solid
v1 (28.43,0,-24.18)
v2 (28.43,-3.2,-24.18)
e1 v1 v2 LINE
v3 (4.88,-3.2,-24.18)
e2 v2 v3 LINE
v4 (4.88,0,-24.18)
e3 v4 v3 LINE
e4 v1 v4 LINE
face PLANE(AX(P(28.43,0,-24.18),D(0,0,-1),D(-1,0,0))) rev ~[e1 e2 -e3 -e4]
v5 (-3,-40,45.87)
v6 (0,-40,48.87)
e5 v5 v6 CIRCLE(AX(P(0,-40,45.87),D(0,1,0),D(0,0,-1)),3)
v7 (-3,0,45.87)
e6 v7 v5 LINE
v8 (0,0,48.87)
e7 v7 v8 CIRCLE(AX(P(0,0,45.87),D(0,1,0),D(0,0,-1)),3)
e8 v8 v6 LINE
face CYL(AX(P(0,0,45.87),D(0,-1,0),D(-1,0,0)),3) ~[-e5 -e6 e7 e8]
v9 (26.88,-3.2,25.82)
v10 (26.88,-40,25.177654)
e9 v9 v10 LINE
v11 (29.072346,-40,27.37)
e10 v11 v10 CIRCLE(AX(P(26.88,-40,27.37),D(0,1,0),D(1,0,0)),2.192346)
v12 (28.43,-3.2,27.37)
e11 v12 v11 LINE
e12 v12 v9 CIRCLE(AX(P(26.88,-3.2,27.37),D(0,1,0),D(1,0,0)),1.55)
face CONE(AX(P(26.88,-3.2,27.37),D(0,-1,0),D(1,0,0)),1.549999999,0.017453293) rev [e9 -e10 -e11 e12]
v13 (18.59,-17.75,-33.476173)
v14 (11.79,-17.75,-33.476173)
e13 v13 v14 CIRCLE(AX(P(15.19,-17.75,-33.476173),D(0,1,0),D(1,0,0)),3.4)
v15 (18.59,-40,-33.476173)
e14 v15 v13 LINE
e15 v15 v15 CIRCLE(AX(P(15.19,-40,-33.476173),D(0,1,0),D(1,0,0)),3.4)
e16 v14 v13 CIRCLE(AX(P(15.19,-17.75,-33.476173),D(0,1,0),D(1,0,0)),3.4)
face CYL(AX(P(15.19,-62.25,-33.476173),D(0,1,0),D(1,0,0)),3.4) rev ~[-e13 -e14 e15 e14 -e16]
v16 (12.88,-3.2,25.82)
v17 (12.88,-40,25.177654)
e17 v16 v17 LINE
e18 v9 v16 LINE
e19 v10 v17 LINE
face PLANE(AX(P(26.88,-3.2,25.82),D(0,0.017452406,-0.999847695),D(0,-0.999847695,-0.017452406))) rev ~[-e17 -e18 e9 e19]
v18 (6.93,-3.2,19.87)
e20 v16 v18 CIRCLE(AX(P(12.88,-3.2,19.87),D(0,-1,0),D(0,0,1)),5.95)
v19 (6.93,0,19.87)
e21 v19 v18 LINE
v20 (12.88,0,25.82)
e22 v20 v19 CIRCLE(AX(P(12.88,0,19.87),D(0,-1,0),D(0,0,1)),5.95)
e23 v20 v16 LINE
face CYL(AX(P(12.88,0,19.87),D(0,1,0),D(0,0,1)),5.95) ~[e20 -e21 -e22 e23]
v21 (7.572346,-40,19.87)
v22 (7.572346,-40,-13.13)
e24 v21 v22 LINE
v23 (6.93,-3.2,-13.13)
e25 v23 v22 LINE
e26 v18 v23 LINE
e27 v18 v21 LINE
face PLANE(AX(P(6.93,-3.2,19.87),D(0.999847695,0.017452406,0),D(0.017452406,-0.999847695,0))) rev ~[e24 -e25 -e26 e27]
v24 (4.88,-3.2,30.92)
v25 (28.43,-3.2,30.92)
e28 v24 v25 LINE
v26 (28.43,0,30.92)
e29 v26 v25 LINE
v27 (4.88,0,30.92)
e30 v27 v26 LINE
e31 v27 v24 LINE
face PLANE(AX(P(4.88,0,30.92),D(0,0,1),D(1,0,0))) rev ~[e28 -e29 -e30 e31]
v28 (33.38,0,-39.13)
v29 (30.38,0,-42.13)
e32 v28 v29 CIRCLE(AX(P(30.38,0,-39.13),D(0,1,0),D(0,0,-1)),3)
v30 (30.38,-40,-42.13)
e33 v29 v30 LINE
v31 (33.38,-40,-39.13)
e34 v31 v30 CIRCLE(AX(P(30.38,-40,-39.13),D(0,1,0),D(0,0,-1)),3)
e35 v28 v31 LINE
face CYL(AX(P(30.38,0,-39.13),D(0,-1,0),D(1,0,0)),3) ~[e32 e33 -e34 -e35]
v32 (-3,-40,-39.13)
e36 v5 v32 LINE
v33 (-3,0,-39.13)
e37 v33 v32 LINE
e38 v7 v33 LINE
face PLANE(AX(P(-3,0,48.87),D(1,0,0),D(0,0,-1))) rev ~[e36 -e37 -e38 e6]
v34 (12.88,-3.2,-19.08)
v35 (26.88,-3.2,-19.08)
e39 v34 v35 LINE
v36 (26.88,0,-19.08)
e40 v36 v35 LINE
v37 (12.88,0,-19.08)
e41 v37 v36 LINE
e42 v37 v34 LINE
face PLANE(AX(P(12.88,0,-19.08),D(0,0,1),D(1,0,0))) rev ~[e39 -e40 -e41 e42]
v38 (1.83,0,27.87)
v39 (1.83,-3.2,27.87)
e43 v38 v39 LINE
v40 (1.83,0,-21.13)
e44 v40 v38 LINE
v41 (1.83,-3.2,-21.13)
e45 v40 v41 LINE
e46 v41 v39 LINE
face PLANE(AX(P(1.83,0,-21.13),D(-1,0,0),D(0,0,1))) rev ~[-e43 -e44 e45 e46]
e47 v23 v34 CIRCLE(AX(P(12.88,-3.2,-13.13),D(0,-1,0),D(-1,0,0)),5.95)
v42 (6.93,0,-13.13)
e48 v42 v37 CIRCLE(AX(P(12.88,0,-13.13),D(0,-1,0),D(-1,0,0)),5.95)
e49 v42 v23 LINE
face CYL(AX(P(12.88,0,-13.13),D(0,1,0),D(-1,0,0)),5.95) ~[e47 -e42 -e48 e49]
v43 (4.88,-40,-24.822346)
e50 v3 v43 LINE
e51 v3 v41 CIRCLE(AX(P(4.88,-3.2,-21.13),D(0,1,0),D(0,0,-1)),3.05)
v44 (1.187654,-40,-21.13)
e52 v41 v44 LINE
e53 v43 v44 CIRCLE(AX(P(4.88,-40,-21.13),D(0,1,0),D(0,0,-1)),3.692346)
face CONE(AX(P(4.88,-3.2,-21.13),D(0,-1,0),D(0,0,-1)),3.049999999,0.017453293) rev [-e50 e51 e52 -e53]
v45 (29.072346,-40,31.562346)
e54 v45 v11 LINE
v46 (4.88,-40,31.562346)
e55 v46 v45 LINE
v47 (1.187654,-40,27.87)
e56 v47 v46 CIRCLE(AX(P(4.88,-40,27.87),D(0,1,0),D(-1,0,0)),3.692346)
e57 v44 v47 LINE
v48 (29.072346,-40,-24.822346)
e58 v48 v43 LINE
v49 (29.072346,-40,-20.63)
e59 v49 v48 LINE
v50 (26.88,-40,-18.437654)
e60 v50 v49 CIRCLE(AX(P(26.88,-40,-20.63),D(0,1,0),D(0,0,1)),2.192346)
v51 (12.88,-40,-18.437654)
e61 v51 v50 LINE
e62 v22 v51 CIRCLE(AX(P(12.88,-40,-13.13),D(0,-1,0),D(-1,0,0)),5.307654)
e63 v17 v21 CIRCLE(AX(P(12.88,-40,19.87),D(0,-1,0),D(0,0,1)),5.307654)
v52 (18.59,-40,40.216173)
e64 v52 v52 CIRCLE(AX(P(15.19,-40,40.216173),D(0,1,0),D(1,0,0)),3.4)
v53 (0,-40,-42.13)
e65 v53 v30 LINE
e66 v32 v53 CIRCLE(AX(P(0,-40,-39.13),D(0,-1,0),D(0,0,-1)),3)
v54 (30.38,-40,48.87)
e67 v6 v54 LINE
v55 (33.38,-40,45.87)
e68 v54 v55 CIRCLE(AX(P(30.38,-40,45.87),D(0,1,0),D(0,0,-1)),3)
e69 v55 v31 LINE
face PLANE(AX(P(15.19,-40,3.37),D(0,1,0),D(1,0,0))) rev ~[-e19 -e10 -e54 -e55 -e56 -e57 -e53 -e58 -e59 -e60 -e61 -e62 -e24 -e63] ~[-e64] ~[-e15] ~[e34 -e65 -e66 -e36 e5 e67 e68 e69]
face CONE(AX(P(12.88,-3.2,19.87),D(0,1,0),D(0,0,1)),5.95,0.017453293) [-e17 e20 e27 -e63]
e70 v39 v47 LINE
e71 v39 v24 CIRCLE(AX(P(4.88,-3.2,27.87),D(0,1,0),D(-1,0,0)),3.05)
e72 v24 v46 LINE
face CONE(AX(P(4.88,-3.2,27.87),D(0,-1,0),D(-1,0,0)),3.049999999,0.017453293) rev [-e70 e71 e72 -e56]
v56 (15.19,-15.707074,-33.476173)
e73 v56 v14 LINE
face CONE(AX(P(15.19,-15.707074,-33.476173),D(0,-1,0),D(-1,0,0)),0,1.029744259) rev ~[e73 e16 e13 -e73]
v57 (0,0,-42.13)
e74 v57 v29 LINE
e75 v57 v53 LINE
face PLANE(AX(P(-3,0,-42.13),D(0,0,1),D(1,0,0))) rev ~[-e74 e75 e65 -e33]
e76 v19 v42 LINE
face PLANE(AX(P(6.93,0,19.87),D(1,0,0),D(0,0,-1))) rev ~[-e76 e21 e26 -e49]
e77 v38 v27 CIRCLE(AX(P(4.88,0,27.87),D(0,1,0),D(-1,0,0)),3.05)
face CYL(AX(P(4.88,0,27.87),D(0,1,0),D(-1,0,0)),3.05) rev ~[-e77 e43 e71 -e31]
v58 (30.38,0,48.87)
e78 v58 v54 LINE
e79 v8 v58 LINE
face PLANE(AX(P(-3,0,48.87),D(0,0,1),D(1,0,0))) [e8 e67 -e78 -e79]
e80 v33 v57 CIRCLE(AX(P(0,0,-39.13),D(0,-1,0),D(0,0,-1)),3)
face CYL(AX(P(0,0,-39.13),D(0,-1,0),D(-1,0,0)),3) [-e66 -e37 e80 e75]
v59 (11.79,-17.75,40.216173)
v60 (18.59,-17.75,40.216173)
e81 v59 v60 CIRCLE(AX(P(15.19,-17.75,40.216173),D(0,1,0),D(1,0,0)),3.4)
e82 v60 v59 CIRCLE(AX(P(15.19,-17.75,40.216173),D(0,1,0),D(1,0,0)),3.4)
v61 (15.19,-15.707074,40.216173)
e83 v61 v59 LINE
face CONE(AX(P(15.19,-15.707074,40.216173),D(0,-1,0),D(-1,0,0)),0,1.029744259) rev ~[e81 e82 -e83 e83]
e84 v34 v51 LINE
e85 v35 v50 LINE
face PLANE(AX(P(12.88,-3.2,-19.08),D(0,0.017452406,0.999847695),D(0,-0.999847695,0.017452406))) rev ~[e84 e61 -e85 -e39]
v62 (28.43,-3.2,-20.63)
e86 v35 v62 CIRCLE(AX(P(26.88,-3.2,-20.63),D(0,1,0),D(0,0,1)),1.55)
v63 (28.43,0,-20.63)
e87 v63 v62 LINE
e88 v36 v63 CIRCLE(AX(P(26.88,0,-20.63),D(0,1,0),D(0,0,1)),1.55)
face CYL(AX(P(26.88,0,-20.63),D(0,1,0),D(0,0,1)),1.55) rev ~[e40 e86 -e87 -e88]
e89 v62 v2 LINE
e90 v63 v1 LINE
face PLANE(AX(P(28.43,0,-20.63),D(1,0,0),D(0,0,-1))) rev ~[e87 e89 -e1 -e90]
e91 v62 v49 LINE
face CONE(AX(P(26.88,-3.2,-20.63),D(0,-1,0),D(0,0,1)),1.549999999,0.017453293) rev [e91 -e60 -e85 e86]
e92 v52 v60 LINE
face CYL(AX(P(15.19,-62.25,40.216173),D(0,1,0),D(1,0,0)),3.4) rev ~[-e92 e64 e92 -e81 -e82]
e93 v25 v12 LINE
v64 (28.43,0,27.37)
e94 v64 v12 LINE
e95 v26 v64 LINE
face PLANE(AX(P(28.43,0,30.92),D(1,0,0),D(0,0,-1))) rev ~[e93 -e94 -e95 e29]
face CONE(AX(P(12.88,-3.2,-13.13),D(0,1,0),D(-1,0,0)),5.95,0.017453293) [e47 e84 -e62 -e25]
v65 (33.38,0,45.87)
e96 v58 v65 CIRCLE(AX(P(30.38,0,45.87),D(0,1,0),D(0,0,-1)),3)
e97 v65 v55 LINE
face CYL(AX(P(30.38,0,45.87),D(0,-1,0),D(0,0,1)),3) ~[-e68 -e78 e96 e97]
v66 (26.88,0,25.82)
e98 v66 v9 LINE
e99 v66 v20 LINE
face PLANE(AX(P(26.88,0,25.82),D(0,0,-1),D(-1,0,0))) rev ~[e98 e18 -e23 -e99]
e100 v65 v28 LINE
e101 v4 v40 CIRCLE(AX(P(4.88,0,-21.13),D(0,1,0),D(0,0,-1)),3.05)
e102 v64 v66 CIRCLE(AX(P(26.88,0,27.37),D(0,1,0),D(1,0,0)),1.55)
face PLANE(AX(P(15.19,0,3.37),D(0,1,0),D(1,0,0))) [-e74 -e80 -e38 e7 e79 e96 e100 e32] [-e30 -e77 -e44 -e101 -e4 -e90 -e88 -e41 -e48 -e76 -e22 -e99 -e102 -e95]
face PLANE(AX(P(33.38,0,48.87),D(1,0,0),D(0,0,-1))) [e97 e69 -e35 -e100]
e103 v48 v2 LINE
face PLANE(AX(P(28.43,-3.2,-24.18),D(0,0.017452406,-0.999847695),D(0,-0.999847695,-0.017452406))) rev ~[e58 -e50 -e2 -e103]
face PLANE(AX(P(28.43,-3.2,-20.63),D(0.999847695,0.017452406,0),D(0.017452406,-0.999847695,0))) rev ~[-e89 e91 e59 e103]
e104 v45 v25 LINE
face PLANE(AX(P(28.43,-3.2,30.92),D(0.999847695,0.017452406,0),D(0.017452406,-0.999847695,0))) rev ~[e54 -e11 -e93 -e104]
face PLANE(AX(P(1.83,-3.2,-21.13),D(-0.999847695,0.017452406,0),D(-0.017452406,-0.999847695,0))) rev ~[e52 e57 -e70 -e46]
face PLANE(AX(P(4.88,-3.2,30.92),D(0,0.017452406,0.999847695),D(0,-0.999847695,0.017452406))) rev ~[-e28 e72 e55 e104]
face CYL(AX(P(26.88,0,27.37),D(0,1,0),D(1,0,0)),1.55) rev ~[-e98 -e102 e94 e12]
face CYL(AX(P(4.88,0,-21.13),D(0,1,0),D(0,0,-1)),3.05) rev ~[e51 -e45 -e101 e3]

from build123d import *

# Parameters (mm, degrees)
SKETCH1_W             = 36.38
SKETCH1_H             = 91
BOSS_EXTRUDE1_DEPTH   = 40
FILLET1_R             = 3
CUT_EXTRUDE1_REACH    = 73.432
M8_TAPPED_HOLE1_D     = 6.8
M8_TAPPED_HOLE1_DEPTH = 22.25
M8_TAPPED_HOLE1_TIP   = 2.042926105


with BuildPart() as part:
    # Sketch1 → Boss-Extrude1 (new body)
    with BuildSketch(Plane(origin=(0, 0, 0), x_dir=(1, 0, 0), z_dir=(0, 1, 0))):
        with Locations((15.19, -3.37)):
            Rectangle(SKETCH1_W, SKETCH1_H)
    extrude(amount=-BOSS_EXTRUDE1_DEPTH)

    # Fillet1
    fillet1_edges = [part.edges().sort_by_distance(p)[0] for p in [
        (33.38, -20, 48.87),
        (-3, -20, 48.87),
        (-3, -20, -42.13),
        (33.38, -20, -42.13),
    ]]
    fillet(fillet1_edges, radius=FILLET1_R)

    # Sketch2 → Cut-Extrude1 (cut, up to next)
    with BuildSketch(Plane(origin=(0, 0, 0), x_dir=(1, 0, 0), z_dir=(0, 1, 0)), mode=Mode.PRIVATE) as cut_extrude1_sk1:
        with BuildLine():
            Line((28.43, 24.18), (4.88, 24.18))
            ThreePointArc((4.88, 24.18), (2.723324317, 23.286675683), (1.83, 21.13))
            Line((1.83, 21.13), (1.83, -27.87))
            ThreePointArc((1.83, -27.87), (2.723324317, -30.026675683), (4.88, -30.92))
            Line((4.88, -30.92), (28.43, -30.92))
            Line((28.43, -30.92), (28.43, -27.37))
            ThreePointArc((28.43, -27.37), (27.976015511, -26.273984489), (26.88, -25.82))
            Line((26.88, -25.82), (12.88, -25.82))
            ThreePointArc((12.88, -25.82), (8.672714652, -24.077285348), (6.93, -19.87))
            Line((6.93, -19.87), (6.93, 13.13))
            ThreePointArc((6.93, 13.13), (8.672714652, 17.337285348), (12.88, 19.08))
            Line((12.88, 19.08), (26.88, 19.08))
            ThreePointArc((26.88, 19.08), (27.976015511, 19.533984489), (28.43, 20.63))
            Line((28.43, 20.63), (28.43, 24.18))
        make_face()
    cut_extrude1_tool1 = extrude(cut_extrude1_sk1.sketch, amount=-CUT_EXTRUDE1_REACH, mode=Mode.PRIVATE) & part.part
    add(cut_extrude1_tool1.solids().sort_by_distance((6.318153, 0, 3.37))[0], mode=Mode.SUBTRACT)

    # Cut-Sweep1: sweep along a path in Sketch4
    with BuildLine(Plane(origin=(0, 0, 0), x_dir=(1, 0, 0), z_dir=(0, 1, 0))) as cut_sweep1_path:
        Line((28.43, 20.63), (28.43, 24.18))
        Line((28.43, 24.18), (4.88, 24.18))
        ThreePointArc((4.88, 24.18), (2.723324317, 23.286675683), (1.83, 21.13))
        Line((1.83, 21.13), (1.83, -27.87))
        ThreePointArc((1.83, -27.87), (2.723324317, -30.026675683), (4.88, -30.92))
        Line((4.88, -30.92), (28.43, -30.92))
        Line((28.43, -30.92), (28.43, -27.37))
        ThreePointArc((28.43, -27.37), (27.976015511, -26.273984489), (26.88, -25.82))
        Line((26.88, -25.82), (12.88, -25.82))
        ThreePointArc((12.88, -25.82), (8.672714652, -24.077285348), (6.93, -19.87))
        Line((6.93, -19.87), (6.93, 13.13))
        ThreePointArc((6.93, 13.13), (8.672714652, 17.337285348), (12.88, 19.08))
        Line((12.88, 19.08), (26.88, 19.08))
        ThreePointArc((26.88, 19.08), (27.976015511, 19.533984489), (28.43, 20.63))
    # Sketch3 → Cut-Sweep1 (sweep, cut)
    with BuildSketch(Plane.XY):
        Polygon((1.83, -3.2), (1.187653611, -40), (1.83, -40), align=None)
    sweep(path=cut_sweep1_path.line, transition=Transition.RIGHT, mode=Mode.SUBTRACT)

    # M8 Tapped Hole1
    with Locations(Plane(origin=(0, -40, 0), x_dir=(-1, 0, 0), z_dir=(0, -1, 0))):
        with Locations((-15.19, 33.476173195), (-15.19, -40.216173195)):
            Hole(M8_TAPPED_HOLE1_D / 2, depth=M8_TAPPED_HOLE1_DEPTH)
            with Locations((0, 0, -(M8_TAPPED_HOLE1_DEPTH + M8_TAPPED_HOLE1_TIP / 2))):  # 118° drill point
                Cone(0, M8_TAPPED_HOLE1_D / 2, M8_TAPPED_HOLE1_TIP, mode=Mode.SUBTRACT)


solid = part.part
